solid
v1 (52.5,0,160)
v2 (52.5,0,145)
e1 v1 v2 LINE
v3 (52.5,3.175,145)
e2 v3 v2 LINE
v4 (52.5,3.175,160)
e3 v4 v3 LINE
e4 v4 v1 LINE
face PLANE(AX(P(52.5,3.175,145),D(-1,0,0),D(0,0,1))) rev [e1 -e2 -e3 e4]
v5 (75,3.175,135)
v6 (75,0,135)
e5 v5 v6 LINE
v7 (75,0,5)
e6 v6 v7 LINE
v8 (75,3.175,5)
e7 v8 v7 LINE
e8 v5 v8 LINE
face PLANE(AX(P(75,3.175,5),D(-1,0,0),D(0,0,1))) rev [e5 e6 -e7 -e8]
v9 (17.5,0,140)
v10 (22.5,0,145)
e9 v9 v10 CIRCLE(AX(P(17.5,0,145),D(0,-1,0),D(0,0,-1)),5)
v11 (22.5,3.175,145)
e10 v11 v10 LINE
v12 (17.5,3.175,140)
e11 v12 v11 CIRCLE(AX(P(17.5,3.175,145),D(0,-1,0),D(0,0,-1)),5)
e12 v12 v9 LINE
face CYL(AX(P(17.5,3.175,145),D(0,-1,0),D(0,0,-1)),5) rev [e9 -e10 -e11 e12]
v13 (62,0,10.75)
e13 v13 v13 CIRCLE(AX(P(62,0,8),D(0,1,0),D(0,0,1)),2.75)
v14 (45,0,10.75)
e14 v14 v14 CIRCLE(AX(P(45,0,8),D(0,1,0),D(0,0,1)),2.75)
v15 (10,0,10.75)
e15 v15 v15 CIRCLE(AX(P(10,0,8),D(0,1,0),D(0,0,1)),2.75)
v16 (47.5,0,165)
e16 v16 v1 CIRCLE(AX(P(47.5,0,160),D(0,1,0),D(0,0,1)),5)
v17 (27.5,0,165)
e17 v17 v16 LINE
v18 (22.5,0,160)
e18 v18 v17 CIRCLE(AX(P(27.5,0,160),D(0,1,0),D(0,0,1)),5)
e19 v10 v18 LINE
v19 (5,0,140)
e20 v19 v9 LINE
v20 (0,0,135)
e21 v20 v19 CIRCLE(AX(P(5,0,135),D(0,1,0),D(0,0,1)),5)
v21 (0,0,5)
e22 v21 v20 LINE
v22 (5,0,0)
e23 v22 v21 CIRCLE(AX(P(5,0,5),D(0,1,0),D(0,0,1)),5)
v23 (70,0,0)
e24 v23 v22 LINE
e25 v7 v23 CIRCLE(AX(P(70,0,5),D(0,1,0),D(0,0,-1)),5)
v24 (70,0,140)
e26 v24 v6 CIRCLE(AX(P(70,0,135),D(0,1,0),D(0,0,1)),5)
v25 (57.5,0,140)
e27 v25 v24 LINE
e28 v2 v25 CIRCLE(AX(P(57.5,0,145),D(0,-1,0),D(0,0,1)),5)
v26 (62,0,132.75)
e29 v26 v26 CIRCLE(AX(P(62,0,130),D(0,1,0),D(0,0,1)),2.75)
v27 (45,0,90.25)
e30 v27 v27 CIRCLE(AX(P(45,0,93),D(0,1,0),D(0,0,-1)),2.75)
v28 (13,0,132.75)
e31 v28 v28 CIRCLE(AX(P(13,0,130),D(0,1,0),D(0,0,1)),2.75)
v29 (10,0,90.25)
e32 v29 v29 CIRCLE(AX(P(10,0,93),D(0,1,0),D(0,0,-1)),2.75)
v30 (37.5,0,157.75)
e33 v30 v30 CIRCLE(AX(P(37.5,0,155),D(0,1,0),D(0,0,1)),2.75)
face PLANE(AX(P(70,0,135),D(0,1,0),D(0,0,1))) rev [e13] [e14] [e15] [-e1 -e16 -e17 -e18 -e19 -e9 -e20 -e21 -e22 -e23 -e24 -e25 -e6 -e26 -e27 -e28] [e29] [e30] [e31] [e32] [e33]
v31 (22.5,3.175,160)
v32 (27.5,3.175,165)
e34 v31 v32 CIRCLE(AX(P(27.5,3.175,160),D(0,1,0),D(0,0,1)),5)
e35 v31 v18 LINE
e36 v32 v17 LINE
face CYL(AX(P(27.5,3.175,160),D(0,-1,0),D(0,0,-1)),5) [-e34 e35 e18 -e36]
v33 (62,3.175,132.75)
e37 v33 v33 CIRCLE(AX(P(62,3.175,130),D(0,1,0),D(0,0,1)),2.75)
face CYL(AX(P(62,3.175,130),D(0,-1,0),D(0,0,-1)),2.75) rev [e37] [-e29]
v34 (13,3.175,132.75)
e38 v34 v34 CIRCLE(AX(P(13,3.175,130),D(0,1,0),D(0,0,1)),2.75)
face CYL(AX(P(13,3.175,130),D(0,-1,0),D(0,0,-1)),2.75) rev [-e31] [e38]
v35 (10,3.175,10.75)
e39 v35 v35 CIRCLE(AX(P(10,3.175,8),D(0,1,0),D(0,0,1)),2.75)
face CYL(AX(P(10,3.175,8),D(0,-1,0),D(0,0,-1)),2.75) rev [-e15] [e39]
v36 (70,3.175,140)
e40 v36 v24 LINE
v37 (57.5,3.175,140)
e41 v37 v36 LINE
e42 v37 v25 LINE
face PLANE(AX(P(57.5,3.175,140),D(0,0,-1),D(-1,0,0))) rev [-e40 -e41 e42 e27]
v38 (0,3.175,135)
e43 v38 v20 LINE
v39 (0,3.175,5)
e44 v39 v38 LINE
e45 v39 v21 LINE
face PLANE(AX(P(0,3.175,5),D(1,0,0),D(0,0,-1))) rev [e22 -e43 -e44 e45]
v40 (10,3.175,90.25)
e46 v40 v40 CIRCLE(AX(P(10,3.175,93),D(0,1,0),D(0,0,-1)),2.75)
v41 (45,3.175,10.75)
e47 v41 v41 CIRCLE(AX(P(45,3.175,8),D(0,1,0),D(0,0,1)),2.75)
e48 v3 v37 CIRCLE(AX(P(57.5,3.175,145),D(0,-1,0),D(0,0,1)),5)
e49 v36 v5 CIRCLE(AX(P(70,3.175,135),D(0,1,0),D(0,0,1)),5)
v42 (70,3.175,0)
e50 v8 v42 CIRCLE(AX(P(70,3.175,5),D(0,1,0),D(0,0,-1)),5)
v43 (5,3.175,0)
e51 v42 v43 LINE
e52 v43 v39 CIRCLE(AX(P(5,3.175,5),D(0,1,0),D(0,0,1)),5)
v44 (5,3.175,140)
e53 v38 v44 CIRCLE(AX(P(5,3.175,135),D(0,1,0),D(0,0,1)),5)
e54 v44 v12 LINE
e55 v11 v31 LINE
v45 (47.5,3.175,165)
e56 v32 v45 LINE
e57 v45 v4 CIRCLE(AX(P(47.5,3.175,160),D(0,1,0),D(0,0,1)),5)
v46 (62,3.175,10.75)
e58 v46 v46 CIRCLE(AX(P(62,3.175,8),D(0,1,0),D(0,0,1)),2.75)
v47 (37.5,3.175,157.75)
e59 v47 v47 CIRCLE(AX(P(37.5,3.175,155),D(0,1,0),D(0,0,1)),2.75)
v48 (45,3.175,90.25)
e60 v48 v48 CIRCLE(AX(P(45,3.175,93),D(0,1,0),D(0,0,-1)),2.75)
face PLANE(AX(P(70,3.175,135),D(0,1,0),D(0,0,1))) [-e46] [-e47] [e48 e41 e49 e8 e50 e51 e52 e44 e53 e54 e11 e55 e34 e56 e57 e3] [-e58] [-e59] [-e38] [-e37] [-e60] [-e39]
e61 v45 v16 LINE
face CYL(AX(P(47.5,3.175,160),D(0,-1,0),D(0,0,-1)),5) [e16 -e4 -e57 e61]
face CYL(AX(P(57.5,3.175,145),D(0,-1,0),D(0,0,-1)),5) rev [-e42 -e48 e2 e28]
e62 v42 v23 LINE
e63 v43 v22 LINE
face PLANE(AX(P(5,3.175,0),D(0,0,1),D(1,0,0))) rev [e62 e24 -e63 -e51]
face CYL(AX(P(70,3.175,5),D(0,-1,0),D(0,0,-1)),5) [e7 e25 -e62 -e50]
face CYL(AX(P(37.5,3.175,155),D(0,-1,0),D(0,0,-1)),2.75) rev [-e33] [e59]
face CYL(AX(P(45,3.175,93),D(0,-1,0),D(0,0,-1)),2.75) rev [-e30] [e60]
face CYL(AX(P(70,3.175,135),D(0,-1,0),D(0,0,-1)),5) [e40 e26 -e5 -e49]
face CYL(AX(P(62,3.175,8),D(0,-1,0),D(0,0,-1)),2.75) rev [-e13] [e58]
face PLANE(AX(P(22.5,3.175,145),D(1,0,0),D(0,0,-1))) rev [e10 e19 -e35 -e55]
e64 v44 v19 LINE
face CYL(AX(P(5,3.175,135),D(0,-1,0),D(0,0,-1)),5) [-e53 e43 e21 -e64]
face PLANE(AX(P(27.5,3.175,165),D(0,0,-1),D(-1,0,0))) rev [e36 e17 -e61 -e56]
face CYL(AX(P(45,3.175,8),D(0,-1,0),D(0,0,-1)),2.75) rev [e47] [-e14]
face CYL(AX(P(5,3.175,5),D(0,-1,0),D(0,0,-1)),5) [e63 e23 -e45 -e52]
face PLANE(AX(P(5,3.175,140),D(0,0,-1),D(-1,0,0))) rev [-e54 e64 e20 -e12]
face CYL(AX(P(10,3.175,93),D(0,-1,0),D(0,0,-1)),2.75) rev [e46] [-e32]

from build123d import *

# Parameters (mm, degrees)
SKETCH3_R           = 2.75
BOSS_EXTRUDE2_DEPTH = 3.175


with BuildPart() as part:
    # Sketch3 → Boss-Extrude2 (new body)
    with BuildSketch(Plane(origin=(0, 0, 0), x_dir=(1, 0, 0), z_dir=(0, 1, 0))):
        with BuildLine():
            Line((5, 0), (70, 0))
            ThreePointArc((70, 0), (73.535533906, -1.464466094), (75, -5))
            Line((75, -5), (75, -135))
            ThreePointArc((75, -135), (73.535533906, -138.535533906), (70, -140))
            Line((70, -140), (57.5, -140))
            ThreePointArc((57.5, -140), (53.964466094, -141.464466094), (52.5, -145))
            Line((52.5, -145), (52.5, -160))
            ThreePointArc((52.5, -160), (51.035533906, -163.535533906), (47.5, -165))
            Line((47.5, -165), (27.5, -165))
            ThreePointArc((27.5, -165), (23.964466094, -163.535533906), (22.5, -160))
            Line((22.5, -160), (22.5, -145))
            ThreePointArc((22.5, -145), (21.035533906, -141.464466094), (17.5, -140))
            Line((17.5, -140), (5, -140))
            ThreePointArc((5, -140), (1.464466094, -138.535533906), (0, -135))
            Line((0, -135), (0, -5))
            ThreePointArc((0, -5), (1.464466094, -1.464466094), (5, 0))
        make_face()
        with Locations(Location((10, -8, 0), (0, 0, 270))):
            Circle(SKETCH3_R, mode=Mode.SUBTRACT)
        with Locations(Location((45, -8, 0), (0, 0, 270))):
            Circle(SKETCH3_R, mode=Mode.SUBTRACT)
        with Locations(Location((62, -8, 0), (0, 0, 270))):
            Circle(SKETCH3_R, mode=Mode.SUBTRACT)
        with Locations(Location((45, -93, 0), (0, 0, 90))):
            Circle(SKETCH3_R, mode=Mode.SUBTRACT)
        with Locations(Location((10, -93, 0), (0, 0, 90))):
            Circle(SKETCH3_R, mode=Mode.SUBTRACT)
        with Locations(Location((37.5, -155, 0), (0, 0, 270))):
            Circle(SKETCH3_R, mode=Mode.SUBTRACT)
        with Locations(Location((62, -130, 0), (0, 0, 270))):
            Circle(SKETCH3_R, mode=Mode.SUBTRACT)
        with Locations(Location((13, -130, 0), (0, 0, 270))):
            Circle(SKETCH3_R, mode=Mode.SUBTRACT)
    extrude(amount=BOSS_EXTRUDE2_DEPTH)


solid = part.part
